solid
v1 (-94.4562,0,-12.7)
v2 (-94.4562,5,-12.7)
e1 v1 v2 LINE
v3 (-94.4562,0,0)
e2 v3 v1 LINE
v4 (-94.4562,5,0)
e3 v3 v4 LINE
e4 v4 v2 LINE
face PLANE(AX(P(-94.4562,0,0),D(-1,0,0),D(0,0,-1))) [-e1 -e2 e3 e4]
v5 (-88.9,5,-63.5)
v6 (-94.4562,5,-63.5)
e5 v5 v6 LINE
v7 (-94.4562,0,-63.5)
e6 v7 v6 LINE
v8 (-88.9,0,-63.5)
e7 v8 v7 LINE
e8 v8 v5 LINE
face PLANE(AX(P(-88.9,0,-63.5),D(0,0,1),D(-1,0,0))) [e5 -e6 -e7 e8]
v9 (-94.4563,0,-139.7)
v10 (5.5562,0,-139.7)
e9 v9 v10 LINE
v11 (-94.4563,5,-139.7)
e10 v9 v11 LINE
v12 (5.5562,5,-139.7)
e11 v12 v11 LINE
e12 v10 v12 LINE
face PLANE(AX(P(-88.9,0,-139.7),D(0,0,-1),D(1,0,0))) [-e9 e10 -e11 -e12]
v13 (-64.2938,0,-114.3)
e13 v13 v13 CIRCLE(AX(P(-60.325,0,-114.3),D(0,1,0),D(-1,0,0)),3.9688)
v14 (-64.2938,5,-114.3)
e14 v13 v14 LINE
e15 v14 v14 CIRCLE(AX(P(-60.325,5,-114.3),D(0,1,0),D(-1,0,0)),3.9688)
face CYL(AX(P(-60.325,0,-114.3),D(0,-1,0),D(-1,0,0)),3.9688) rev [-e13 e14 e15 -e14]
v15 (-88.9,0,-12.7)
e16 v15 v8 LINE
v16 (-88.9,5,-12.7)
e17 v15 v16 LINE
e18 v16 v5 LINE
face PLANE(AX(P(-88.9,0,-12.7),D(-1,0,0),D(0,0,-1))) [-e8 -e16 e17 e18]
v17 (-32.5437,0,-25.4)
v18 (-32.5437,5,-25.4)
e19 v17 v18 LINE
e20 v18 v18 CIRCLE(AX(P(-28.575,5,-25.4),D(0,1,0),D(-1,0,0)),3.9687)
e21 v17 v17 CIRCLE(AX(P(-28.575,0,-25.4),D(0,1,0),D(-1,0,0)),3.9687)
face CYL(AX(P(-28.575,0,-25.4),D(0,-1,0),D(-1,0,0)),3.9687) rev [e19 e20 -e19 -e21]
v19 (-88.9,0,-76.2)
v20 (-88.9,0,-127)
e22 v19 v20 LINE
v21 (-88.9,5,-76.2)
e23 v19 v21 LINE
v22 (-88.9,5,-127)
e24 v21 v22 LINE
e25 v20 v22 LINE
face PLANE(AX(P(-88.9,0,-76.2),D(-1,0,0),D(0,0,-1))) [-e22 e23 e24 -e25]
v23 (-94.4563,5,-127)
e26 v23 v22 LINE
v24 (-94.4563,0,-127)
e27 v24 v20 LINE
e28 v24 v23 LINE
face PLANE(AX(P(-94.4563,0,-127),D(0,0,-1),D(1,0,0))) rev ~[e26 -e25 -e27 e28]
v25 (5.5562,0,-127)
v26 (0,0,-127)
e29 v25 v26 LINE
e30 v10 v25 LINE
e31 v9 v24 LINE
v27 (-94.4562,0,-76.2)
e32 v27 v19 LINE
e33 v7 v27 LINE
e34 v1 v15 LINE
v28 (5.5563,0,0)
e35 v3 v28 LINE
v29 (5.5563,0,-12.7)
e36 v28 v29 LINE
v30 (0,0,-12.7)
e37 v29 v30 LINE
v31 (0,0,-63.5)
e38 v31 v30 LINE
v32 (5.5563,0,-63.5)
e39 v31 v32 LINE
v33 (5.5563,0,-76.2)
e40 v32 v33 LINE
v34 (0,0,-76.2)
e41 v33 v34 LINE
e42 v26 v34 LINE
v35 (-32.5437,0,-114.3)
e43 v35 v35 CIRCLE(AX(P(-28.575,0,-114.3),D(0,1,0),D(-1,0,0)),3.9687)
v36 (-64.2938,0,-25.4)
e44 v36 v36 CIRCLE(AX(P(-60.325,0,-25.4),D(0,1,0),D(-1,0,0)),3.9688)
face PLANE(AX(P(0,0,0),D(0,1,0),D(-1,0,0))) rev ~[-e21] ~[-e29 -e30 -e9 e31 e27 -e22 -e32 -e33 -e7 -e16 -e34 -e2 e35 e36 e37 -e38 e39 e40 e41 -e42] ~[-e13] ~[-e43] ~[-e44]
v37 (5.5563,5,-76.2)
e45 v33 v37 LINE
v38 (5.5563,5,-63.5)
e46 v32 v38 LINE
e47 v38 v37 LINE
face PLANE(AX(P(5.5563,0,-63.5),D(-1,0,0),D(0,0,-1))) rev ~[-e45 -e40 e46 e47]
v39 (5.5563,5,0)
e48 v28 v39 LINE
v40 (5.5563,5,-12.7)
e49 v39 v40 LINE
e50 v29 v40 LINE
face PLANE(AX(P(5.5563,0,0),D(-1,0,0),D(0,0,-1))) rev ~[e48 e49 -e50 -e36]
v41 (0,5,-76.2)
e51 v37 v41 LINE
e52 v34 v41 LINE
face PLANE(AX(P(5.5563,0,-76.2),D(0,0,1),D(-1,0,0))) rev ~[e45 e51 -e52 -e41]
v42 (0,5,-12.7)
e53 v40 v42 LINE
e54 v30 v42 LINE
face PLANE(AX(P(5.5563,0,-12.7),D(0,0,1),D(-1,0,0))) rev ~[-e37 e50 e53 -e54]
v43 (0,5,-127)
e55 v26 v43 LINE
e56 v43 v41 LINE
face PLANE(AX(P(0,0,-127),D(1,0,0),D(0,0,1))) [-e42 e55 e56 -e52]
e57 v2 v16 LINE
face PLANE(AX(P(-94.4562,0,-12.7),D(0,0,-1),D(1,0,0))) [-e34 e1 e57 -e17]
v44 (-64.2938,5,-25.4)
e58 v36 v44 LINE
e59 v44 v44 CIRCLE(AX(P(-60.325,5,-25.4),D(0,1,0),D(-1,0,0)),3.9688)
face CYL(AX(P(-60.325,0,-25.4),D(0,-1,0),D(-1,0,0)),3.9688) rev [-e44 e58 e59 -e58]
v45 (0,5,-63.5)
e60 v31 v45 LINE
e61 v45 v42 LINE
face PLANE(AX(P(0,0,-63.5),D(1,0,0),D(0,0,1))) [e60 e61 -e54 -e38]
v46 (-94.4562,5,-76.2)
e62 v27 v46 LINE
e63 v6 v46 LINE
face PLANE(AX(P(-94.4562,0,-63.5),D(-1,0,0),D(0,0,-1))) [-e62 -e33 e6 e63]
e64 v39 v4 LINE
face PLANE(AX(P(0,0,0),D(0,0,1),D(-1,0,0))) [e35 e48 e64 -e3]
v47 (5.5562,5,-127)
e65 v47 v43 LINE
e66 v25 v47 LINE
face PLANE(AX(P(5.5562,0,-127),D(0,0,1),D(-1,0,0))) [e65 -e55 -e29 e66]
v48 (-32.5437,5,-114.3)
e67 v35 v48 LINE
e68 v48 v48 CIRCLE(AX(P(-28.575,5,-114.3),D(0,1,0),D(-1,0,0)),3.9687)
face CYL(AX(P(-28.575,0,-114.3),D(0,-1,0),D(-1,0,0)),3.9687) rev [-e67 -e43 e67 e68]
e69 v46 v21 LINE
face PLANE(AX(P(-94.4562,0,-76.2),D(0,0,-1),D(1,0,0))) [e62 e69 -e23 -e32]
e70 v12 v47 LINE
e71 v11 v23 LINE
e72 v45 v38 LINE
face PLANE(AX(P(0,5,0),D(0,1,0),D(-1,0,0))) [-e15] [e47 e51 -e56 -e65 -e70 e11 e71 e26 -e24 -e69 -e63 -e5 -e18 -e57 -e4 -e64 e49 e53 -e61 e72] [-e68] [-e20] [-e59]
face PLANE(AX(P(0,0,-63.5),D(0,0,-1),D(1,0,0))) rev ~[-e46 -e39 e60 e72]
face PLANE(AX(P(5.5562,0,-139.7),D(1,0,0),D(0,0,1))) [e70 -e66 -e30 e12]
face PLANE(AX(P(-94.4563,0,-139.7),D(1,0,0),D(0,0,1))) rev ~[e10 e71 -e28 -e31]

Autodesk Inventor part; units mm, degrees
ref_plane "YZ Plane" through (0, 0, 0) normal (1, 0, 0) x (0, 1, 0)
ref_plane "XZ Plane" through (0, 0, 0) normal (0, 1, 0) x (-1, 0, 0)
ref_plane "XY Plane" through (0, 0, 0) normal (0, 0, 1) x (1, 0, 0)
sketch "Boceto1" plane through (0, 0, 0) normal (0, 1, 0) x (-1, 0, 0)
  line L0 (0, 0) -> (88.9, 0)
  line L1 (88.9, 0) -> (88.9, -139.7)
  line L2 (88.9, -139.7) -> (0, -139.7)
  line L3 (0, -139.7) -> (0, 0)
  circle A0 centre (60.325, -25.4) radius 3.9688
  circle A1 centre (60.325, -114.3) radius 3.9688
  circle A2 centre (28.575, -25.4) radius 3.9687
  circle A3 centre (28.575, -114.3) radius 3.9687
  line L4 (88.9, 0) -> (94.4562, 0)
  line L5 (94.4562, 0) -> (94.4562, -12.7)
  line L6 (94.4562, -12.7) -> (88.9, -12.7)
  line L7 (88.9, -12.7) -> (88.9, 0)
  line L8 (88.9, -139.7) -> (94.4563, -139.7)
  line L9 (94.4563, -139.7) -> (94.4563, -127)
  line L10 (94.4563, -127) -> (88.9, -127)
  line L11 (88.9, -127) -> (88.9, -139.7)
  line L12 (0, 0) -> (-5.5563, 0)
  line L13 (-5.5563, 0) -> (-5.5563, -12.7)
  line L14 (-5.5563, -12.7) -> (0, -12.7)
  line L15 (0, -12.7) -> (0, 0)
  line L16 (0, -139.7) -> (-5.5562, -139.7)
  line L17 (-5.5562, -139.7) -> (-5.5562, -127)
  line L18 (-5.5562, -127) -> (0, -127)
  line L19 (0, -127) -> (0, -139.7)
  line L20 (88.9, -63.5) -> (94.4562, -63.5)
  line L21 (94.4562, -63.5) -> (94.4562, -76.2)
  line L22 (94.4562, -76.2) -> (88.9, -76.2)
  line L23 (88.9, -76.2) -> (88.9, -63.5)
  line L24 (0, -63.5) -> (-5.5563, -63.5)
  line L25 (-5.5563, -63.5) -> (-5.5563, -76.2)
  line L26 (-5.5563, -76.2) -> (0, -76.2)
  line L27 (0, -76.2) -> (0, -63.5)
  dimension "d0" = 88.9
  dimension "d1" = 139.7
  dimension "d2" = 7.9375
  dimension "d3" = 7.9375
  dimension "d4" = 7.9375
  dimension "d5" = 7.9375
  dimension "d6" = 88.9
  dimension "d7" = 28.575
  dimension "d8" = 28.575
  dimension "d9" = 28.575
  dimension "d10" = 28.575
  dimension "d11" = 25.4
  dimension "d12" = 25.4
  dimension "d13" = 88.9
  dimension "d17" = 5.5563
  dimension "d18" = 12.7
  dimension "d19" = 5.5563
  dimension "d20" = 12.7
  dimension "d21" = 5.5563
  dimension "d22" = 12.7
  dimension "d23" = 5.5563
  dimension "d24" = 12.7
  dimension "d25" = 5.5563
  dimension "d26" = 12.7
  dimension "d27" = 5.5563
  dimension "d28" = 12.7
  dimension "d29" = 63.5
  dimension "d30" = 63.5
extrude "Extrusión1" add sketch "Boceto1" along normal blind 5
properties part number "CAR BOTTOM PLATE"
